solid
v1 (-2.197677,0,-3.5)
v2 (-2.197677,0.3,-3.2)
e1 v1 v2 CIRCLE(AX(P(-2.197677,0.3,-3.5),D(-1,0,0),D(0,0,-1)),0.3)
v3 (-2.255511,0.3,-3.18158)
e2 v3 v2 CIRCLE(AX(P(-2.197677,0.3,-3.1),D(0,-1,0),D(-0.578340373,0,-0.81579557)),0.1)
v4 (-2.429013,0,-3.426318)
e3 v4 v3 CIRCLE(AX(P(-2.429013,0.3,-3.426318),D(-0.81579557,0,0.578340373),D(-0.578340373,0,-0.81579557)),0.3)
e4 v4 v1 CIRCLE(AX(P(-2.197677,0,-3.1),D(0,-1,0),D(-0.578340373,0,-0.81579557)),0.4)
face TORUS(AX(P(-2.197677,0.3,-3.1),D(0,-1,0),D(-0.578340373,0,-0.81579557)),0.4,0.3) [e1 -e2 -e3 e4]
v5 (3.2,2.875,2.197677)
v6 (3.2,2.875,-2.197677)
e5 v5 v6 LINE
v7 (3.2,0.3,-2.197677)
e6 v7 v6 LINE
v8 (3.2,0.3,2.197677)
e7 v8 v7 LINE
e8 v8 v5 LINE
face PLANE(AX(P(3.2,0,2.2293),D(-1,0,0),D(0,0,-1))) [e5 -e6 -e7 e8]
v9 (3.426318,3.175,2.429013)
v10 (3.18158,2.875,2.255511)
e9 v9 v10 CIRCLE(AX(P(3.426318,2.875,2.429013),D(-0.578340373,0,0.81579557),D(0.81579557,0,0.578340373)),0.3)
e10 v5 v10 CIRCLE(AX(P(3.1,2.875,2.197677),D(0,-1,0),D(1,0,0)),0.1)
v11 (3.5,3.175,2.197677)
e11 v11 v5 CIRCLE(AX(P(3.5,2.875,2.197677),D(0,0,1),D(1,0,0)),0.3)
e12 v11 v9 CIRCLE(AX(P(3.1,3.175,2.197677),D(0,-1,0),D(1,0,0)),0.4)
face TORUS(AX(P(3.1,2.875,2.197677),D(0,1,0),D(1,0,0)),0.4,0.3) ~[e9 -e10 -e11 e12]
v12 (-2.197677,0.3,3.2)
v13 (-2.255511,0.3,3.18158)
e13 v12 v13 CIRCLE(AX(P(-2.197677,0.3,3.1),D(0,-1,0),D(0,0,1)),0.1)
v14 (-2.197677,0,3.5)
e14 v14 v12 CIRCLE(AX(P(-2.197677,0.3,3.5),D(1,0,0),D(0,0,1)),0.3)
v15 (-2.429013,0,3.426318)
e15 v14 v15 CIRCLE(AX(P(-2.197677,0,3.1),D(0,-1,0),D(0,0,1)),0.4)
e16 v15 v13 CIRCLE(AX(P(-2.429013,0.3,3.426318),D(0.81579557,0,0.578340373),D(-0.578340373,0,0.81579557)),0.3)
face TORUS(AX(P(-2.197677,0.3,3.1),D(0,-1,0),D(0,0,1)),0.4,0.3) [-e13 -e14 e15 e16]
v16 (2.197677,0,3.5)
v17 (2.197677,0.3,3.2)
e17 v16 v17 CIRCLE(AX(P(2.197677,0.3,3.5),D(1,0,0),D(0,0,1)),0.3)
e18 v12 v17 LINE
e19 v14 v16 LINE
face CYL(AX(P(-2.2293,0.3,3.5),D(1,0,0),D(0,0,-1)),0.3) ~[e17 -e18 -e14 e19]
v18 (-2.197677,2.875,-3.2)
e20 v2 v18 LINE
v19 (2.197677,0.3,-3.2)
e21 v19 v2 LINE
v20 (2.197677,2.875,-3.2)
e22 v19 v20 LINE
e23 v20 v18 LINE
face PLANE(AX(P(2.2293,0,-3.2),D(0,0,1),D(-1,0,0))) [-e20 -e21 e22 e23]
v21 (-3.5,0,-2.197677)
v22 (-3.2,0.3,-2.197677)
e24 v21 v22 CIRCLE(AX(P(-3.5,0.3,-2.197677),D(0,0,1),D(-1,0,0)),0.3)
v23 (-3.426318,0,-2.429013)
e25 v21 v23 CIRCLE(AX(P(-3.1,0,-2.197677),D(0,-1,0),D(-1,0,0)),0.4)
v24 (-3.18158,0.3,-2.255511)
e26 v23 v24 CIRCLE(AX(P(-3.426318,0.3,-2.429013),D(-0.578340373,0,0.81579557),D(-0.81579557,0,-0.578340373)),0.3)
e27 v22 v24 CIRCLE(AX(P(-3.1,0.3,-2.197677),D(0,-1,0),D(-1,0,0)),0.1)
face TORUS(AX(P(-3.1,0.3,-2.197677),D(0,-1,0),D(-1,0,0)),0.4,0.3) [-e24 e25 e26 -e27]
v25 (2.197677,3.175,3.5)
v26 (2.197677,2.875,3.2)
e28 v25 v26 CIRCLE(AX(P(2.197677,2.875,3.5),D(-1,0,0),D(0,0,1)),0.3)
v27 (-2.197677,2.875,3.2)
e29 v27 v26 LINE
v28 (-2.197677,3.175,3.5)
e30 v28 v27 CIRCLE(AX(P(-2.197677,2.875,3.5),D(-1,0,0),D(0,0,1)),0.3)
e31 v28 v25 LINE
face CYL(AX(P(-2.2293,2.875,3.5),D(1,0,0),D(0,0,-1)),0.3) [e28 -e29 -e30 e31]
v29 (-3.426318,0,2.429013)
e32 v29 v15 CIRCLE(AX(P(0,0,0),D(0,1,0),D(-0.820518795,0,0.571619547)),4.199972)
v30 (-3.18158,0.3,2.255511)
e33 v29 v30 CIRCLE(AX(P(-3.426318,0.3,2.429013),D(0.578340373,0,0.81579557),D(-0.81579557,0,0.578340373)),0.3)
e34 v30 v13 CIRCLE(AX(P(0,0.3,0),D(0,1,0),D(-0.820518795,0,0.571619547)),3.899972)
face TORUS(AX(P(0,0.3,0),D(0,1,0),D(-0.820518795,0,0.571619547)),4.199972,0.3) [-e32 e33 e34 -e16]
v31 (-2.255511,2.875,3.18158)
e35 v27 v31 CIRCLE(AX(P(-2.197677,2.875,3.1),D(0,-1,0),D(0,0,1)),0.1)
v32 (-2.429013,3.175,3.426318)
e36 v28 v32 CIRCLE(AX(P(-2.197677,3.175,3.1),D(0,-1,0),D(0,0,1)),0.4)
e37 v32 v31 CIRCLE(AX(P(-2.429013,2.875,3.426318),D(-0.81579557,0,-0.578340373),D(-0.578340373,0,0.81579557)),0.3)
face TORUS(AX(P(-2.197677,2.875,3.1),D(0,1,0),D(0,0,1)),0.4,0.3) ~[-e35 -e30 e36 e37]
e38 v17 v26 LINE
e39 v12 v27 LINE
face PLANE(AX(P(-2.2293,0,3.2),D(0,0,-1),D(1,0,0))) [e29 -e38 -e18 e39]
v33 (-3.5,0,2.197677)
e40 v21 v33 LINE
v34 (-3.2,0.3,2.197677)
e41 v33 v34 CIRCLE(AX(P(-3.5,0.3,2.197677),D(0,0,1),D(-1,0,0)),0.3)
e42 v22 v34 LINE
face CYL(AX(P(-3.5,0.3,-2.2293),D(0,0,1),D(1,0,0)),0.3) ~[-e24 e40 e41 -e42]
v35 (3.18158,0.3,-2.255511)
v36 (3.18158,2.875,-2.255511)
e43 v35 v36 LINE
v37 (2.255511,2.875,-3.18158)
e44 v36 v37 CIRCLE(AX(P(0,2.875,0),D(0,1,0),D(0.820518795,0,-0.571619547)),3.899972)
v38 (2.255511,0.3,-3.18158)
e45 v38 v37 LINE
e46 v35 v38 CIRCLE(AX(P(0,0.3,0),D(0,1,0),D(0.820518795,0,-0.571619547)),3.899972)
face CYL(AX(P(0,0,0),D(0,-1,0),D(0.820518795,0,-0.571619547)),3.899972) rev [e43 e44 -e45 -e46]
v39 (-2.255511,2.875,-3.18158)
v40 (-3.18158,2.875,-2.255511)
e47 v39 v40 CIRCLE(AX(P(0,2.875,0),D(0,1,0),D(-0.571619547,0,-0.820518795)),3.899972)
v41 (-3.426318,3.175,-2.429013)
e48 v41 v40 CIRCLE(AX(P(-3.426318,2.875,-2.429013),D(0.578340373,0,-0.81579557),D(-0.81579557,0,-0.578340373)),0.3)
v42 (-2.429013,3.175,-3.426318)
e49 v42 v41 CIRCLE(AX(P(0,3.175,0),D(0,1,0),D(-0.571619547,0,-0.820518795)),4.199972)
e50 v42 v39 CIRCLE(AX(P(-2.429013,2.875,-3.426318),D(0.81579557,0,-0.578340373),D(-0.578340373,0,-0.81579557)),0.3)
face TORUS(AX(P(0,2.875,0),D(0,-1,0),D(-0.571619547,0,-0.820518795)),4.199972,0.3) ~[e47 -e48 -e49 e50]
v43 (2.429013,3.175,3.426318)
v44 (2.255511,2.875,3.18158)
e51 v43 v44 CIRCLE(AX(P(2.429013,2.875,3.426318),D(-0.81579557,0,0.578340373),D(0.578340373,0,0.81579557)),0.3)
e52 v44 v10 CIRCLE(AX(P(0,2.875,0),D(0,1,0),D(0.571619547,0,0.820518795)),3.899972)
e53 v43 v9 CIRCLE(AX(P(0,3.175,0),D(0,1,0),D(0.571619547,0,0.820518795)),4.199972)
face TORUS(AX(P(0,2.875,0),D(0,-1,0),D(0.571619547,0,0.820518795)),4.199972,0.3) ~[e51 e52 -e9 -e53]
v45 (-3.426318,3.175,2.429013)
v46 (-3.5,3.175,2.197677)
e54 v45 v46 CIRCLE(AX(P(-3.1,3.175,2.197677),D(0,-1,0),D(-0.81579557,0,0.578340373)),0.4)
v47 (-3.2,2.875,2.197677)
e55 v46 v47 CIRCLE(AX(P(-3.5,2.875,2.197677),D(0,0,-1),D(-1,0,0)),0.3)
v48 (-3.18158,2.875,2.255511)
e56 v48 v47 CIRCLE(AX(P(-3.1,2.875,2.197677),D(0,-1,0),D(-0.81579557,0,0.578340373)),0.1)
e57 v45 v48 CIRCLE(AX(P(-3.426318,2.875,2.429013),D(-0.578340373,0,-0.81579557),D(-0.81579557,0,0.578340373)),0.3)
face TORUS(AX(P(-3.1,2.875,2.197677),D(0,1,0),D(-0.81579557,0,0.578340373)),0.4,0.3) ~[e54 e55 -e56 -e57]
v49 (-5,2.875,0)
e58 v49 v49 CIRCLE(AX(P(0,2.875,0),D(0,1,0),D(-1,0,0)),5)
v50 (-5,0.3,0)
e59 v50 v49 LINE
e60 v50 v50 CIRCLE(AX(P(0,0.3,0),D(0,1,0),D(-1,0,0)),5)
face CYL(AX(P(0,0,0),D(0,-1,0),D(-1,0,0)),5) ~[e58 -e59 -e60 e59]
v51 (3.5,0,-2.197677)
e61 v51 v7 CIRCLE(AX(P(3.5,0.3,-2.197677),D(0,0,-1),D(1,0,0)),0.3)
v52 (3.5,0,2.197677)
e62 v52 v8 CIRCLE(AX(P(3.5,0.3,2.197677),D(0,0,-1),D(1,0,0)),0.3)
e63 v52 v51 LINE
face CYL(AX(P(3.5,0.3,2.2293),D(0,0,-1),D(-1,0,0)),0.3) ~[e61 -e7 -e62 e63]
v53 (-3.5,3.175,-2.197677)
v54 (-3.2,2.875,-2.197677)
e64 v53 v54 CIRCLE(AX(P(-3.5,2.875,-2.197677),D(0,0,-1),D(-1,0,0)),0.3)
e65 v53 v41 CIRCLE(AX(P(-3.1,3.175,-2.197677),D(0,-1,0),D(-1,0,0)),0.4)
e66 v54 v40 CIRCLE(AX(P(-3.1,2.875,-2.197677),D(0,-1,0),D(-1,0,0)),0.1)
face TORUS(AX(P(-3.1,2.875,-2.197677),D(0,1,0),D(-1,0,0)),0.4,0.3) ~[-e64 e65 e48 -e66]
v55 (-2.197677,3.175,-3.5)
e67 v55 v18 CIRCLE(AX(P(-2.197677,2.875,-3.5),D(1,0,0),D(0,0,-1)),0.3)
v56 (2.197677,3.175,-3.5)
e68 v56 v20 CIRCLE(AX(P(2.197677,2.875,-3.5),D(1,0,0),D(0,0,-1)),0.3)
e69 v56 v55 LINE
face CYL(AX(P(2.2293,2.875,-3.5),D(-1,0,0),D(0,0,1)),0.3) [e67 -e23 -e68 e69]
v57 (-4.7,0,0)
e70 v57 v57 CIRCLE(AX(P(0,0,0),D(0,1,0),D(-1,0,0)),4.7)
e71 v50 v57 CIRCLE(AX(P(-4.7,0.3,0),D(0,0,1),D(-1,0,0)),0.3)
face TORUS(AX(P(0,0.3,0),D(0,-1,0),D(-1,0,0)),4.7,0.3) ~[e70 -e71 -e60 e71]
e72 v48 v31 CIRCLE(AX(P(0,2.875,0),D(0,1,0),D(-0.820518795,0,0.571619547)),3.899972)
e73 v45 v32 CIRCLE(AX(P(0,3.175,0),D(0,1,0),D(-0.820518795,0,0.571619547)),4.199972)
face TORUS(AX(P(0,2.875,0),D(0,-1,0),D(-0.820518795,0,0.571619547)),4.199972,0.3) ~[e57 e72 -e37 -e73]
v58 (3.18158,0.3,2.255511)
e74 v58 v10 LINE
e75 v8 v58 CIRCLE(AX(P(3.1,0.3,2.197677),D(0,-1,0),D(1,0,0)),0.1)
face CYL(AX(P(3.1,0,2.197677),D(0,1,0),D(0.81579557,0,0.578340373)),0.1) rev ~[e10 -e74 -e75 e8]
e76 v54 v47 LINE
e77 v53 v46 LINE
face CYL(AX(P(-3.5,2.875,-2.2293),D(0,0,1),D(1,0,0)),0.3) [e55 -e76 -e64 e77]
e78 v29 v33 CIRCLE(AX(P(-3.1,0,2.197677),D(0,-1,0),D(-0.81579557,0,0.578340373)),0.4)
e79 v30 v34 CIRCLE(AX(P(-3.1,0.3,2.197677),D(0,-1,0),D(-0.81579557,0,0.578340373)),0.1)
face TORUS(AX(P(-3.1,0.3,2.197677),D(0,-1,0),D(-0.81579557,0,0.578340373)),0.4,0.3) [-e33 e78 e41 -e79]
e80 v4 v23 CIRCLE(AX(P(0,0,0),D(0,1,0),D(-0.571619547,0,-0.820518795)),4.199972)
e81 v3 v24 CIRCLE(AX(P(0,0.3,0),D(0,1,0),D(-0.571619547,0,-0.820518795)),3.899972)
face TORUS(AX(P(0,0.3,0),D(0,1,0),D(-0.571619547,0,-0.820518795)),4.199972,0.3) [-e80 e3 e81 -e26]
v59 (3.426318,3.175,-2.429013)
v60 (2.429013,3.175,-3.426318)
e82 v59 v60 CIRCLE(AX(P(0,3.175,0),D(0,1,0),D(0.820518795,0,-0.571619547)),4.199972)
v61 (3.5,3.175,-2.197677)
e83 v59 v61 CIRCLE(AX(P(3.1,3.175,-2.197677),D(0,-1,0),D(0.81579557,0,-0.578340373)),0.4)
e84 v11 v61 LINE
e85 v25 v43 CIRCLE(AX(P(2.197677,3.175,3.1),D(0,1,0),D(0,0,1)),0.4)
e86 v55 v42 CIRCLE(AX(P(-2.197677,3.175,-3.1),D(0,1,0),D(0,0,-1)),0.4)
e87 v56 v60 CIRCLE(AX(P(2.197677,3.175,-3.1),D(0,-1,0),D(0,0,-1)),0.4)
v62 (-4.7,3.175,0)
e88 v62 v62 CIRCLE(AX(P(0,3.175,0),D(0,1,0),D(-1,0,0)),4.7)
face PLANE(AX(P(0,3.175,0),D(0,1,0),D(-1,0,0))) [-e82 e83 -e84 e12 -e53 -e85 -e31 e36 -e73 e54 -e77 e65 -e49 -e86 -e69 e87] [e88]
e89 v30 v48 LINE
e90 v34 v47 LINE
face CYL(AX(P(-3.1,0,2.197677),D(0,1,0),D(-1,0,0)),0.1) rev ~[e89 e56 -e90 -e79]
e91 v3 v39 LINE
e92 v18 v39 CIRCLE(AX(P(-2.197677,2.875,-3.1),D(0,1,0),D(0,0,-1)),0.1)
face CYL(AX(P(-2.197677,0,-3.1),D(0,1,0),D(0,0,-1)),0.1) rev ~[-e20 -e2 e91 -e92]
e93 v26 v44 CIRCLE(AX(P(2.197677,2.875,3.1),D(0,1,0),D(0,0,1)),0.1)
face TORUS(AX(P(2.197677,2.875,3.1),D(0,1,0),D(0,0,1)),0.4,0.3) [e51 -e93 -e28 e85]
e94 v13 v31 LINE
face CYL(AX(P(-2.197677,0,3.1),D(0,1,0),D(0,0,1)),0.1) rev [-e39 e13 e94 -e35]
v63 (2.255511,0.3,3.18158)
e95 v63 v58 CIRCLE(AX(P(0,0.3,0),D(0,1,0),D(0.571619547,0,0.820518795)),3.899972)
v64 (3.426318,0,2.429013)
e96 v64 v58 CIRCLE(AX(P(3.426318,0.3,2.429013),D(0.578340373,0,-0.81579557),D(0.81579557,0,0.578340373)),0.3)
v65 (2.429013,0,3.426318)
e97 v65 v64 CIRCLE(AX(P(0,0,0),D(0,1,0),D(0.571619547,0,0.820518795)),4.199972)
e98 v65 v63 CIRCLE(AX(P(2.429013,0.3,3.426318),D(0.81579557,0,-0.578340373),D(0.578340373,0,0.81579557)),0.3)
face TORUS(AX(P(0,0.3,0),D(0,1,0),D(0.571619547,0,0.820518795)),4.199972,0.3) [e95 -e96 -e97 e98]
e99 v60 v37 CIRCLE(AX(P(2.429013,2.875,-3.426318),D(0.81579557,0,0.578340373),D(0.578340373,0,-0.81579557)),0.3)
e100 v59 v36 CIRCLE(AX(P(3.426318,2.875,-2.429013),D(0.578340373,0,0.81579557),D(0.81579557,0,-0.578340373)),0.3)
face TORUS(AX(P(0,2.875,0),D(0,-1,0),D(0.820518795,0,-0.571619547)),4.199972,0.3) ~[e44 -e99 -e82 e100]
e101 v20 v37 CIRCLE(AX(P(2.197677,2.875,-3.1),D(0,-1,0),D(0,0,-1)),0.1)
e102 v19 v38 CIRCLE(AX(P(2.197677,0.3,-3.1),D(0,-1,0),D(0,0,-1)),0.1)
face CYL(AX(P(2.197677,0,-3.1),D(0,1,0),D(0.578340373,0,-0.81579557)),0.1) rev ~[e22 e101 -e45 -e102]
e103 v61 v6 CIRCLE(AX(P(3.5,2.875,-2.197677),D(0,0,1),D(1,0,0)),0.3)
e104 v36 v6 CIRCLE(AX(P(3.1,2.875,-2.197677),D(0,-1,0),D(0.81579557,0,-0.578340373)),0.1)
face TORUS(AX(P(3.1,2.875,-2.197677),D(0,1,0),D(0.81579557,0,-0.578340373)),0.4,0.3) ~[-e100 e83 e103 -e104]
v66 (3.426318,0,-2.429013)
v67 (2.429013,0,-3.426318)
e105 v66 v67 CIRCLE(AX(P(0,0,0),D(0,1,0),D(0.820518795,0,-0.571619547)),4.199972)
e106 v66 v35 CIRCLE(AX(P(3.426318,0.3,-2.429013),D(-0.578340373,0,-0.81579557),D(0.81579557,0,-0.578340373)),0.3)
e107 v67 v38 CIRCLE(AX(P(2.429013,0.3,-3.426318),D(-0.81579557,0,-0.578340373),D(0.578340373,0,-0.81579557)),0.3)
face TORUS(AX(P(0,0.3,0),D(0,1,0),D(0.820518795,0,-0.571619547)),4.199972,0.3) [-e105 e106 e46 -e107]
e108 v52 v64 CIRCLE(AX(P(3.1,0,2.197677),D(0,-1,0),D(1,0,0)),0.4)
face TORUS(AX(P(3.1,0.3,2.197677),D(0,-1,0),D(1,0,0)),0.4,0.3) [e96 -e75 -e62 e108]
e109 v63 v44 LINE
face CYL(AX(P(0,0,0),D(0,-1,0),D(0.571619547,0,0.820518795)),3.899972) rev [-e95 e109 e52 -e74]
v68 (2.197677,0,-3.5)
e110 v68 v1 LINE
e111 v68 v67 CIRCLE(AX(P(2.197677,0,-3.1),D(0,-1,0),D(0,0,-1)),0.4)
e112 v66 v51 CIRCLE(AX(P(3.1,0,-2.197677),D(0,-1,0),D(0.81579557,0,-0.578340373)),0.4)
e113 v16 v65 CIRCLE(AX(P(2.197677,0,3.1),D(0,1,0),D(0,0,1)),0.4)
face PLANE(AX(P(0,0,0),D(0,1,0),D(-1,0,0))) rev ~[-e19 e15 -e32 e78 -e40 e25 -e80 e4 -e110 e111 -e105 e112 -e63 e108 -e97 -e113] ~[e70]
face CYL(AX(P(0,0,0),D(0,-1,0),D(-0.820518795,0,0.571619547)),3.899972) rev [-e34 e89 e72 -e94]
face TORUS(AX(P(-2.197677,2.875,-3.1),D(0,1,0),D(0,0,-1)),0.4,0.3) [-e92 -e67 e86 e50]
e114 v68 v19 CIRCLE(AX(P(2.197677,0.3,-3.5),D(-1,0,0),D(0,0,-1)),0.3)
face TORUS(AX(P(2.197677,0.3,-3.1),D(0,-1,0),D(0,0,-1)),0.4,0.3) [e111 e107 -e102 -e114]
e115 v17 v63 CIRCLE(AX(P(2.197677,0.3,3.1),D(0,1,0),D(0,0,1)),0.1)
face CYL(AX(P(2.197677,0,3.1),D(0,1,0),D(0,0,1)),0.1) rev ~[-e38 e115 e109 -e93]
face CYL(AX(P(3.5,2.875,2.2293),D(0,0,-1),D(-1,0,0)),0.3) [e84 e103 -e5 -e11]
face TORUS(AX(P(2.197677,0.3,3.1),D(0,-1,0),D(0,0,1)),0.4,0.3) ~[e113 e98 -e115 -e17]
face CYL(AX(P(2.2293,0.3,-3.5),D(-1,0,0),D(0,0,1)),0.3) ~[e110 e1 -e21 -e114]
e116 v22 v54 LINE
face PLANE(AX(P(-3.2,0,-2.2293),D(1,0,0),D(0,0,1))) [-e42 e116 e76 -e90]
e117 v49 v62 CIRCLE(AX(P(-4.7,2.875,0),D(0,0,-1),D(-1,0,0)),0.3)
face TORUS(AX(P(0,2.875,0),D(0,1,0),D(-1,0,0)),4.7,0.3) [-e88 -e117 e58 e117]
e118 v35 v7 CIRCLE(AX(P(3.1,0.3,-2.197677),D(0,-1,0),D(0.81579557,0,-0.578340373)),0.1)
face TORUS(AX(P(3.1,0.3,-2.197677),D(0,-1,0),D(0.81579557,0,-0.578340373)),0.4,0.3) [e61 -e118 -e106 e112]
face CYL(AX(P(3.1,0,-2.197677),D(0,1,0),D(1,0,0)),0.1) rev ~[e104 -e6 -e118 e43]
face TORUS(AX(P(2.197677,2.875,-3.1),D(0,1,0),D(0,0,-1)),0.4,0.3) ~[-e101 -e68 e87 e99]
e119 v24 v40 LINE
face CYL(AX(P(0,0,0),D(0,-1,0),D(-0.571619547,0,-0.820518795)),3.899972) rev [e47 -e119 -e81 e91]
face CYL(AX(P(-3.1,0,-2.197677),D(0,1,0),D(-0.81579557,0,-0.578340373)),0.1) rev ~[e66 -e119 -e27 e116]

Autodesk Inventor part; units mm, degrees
ref_plane "YZ Plane" through (0, 0, 0) normal (1, 0, 0) x (0, 1, 0)
ref_plane "XZ Plane" through (0, 0, 0) normal (0, 1, 0) x (-1, 0, 0)
ref_plane "XY Plane" through (0, 0, 0) normal (0, 0, 1) x (1, 0, 0)
sketch "Sketch1" plane through (0, 0, 0) normal (0, 1, 0) x (-1, 0, 0)
  circle A0 centre (0, 0) radius 5
  line L0 (2.2293, 3.2) -> (-2.2293, 3.2)
  line L1 (-3.2, 2.2293) -> (-3.2, -2.2293)
  line L2 (-2.2293, -3.2) -> (2.2293, -3.2)
  line L3 (3.2, -2.2293) -> (3.2, 2.2293)
  arc A1 (3.2, 2.2293) -> (2.2293, 3.2) centre (0, 0) ccw
  arc A2 (2.2293, -3.2) -> (3.2, -2.2293) centre (0, 0) ccw
  arc A3 (-2.2293, 3.2) -> (-3.2, 2.2293) centre (0, 0) ccw
  arc A4 (-3.2, -2.2293) -> (-2.2293, -3.2) centre (0, 0) ccw
  dimension "d0" = 10
  dimension "d2" = 3.2
  dimension "d3" = 3.2
  dimension "d5" = 6.4
extrude "Extrusion1" add sketch "Sketch1" along normal blind 3.175
fillet "Fillet1" radius 0.3 18 edges at (0, 3.175, 3.2) (0, 0, 3.2) (-2.7577, 0, 2.7577) (-2.7577, 3.175, 2.7577) (-3.2, 3.175, 0) (-3.2, 0, 0) (-2.7577, 0, -2.7577) (0, 0, -3.2) (0, 3.175, -3.2) (-2.7577, 3.175, -2.7577) (2.7577, 3.175, -2.7577) (3.2, 3.175, 0) (2.7577, 3.175, 2.7577) (2.7577, 0, -2.7577) (3.2, 0, 0) (2.7577, 0, 2.7577) (5, 0, 0) (5, 3.175, 0)
fillet "Fillet1" radius 0.1 8 edges at (2.2293, 1.5875, 3.2) (3.2, 1.5875, 2.2293) (3.2, 1.5875, -2.2293) (-3.2, 1.5875, -2.2293) (-2.2293, 1.5875, -3.2) (-3.2, 1.5875, 2.2293) (-2.2293, 1.5875, 3.2) (2.2293, 1.5875, -3.2)
properties part number "Spacer High Strength" material "Acetal Resin, Black"
